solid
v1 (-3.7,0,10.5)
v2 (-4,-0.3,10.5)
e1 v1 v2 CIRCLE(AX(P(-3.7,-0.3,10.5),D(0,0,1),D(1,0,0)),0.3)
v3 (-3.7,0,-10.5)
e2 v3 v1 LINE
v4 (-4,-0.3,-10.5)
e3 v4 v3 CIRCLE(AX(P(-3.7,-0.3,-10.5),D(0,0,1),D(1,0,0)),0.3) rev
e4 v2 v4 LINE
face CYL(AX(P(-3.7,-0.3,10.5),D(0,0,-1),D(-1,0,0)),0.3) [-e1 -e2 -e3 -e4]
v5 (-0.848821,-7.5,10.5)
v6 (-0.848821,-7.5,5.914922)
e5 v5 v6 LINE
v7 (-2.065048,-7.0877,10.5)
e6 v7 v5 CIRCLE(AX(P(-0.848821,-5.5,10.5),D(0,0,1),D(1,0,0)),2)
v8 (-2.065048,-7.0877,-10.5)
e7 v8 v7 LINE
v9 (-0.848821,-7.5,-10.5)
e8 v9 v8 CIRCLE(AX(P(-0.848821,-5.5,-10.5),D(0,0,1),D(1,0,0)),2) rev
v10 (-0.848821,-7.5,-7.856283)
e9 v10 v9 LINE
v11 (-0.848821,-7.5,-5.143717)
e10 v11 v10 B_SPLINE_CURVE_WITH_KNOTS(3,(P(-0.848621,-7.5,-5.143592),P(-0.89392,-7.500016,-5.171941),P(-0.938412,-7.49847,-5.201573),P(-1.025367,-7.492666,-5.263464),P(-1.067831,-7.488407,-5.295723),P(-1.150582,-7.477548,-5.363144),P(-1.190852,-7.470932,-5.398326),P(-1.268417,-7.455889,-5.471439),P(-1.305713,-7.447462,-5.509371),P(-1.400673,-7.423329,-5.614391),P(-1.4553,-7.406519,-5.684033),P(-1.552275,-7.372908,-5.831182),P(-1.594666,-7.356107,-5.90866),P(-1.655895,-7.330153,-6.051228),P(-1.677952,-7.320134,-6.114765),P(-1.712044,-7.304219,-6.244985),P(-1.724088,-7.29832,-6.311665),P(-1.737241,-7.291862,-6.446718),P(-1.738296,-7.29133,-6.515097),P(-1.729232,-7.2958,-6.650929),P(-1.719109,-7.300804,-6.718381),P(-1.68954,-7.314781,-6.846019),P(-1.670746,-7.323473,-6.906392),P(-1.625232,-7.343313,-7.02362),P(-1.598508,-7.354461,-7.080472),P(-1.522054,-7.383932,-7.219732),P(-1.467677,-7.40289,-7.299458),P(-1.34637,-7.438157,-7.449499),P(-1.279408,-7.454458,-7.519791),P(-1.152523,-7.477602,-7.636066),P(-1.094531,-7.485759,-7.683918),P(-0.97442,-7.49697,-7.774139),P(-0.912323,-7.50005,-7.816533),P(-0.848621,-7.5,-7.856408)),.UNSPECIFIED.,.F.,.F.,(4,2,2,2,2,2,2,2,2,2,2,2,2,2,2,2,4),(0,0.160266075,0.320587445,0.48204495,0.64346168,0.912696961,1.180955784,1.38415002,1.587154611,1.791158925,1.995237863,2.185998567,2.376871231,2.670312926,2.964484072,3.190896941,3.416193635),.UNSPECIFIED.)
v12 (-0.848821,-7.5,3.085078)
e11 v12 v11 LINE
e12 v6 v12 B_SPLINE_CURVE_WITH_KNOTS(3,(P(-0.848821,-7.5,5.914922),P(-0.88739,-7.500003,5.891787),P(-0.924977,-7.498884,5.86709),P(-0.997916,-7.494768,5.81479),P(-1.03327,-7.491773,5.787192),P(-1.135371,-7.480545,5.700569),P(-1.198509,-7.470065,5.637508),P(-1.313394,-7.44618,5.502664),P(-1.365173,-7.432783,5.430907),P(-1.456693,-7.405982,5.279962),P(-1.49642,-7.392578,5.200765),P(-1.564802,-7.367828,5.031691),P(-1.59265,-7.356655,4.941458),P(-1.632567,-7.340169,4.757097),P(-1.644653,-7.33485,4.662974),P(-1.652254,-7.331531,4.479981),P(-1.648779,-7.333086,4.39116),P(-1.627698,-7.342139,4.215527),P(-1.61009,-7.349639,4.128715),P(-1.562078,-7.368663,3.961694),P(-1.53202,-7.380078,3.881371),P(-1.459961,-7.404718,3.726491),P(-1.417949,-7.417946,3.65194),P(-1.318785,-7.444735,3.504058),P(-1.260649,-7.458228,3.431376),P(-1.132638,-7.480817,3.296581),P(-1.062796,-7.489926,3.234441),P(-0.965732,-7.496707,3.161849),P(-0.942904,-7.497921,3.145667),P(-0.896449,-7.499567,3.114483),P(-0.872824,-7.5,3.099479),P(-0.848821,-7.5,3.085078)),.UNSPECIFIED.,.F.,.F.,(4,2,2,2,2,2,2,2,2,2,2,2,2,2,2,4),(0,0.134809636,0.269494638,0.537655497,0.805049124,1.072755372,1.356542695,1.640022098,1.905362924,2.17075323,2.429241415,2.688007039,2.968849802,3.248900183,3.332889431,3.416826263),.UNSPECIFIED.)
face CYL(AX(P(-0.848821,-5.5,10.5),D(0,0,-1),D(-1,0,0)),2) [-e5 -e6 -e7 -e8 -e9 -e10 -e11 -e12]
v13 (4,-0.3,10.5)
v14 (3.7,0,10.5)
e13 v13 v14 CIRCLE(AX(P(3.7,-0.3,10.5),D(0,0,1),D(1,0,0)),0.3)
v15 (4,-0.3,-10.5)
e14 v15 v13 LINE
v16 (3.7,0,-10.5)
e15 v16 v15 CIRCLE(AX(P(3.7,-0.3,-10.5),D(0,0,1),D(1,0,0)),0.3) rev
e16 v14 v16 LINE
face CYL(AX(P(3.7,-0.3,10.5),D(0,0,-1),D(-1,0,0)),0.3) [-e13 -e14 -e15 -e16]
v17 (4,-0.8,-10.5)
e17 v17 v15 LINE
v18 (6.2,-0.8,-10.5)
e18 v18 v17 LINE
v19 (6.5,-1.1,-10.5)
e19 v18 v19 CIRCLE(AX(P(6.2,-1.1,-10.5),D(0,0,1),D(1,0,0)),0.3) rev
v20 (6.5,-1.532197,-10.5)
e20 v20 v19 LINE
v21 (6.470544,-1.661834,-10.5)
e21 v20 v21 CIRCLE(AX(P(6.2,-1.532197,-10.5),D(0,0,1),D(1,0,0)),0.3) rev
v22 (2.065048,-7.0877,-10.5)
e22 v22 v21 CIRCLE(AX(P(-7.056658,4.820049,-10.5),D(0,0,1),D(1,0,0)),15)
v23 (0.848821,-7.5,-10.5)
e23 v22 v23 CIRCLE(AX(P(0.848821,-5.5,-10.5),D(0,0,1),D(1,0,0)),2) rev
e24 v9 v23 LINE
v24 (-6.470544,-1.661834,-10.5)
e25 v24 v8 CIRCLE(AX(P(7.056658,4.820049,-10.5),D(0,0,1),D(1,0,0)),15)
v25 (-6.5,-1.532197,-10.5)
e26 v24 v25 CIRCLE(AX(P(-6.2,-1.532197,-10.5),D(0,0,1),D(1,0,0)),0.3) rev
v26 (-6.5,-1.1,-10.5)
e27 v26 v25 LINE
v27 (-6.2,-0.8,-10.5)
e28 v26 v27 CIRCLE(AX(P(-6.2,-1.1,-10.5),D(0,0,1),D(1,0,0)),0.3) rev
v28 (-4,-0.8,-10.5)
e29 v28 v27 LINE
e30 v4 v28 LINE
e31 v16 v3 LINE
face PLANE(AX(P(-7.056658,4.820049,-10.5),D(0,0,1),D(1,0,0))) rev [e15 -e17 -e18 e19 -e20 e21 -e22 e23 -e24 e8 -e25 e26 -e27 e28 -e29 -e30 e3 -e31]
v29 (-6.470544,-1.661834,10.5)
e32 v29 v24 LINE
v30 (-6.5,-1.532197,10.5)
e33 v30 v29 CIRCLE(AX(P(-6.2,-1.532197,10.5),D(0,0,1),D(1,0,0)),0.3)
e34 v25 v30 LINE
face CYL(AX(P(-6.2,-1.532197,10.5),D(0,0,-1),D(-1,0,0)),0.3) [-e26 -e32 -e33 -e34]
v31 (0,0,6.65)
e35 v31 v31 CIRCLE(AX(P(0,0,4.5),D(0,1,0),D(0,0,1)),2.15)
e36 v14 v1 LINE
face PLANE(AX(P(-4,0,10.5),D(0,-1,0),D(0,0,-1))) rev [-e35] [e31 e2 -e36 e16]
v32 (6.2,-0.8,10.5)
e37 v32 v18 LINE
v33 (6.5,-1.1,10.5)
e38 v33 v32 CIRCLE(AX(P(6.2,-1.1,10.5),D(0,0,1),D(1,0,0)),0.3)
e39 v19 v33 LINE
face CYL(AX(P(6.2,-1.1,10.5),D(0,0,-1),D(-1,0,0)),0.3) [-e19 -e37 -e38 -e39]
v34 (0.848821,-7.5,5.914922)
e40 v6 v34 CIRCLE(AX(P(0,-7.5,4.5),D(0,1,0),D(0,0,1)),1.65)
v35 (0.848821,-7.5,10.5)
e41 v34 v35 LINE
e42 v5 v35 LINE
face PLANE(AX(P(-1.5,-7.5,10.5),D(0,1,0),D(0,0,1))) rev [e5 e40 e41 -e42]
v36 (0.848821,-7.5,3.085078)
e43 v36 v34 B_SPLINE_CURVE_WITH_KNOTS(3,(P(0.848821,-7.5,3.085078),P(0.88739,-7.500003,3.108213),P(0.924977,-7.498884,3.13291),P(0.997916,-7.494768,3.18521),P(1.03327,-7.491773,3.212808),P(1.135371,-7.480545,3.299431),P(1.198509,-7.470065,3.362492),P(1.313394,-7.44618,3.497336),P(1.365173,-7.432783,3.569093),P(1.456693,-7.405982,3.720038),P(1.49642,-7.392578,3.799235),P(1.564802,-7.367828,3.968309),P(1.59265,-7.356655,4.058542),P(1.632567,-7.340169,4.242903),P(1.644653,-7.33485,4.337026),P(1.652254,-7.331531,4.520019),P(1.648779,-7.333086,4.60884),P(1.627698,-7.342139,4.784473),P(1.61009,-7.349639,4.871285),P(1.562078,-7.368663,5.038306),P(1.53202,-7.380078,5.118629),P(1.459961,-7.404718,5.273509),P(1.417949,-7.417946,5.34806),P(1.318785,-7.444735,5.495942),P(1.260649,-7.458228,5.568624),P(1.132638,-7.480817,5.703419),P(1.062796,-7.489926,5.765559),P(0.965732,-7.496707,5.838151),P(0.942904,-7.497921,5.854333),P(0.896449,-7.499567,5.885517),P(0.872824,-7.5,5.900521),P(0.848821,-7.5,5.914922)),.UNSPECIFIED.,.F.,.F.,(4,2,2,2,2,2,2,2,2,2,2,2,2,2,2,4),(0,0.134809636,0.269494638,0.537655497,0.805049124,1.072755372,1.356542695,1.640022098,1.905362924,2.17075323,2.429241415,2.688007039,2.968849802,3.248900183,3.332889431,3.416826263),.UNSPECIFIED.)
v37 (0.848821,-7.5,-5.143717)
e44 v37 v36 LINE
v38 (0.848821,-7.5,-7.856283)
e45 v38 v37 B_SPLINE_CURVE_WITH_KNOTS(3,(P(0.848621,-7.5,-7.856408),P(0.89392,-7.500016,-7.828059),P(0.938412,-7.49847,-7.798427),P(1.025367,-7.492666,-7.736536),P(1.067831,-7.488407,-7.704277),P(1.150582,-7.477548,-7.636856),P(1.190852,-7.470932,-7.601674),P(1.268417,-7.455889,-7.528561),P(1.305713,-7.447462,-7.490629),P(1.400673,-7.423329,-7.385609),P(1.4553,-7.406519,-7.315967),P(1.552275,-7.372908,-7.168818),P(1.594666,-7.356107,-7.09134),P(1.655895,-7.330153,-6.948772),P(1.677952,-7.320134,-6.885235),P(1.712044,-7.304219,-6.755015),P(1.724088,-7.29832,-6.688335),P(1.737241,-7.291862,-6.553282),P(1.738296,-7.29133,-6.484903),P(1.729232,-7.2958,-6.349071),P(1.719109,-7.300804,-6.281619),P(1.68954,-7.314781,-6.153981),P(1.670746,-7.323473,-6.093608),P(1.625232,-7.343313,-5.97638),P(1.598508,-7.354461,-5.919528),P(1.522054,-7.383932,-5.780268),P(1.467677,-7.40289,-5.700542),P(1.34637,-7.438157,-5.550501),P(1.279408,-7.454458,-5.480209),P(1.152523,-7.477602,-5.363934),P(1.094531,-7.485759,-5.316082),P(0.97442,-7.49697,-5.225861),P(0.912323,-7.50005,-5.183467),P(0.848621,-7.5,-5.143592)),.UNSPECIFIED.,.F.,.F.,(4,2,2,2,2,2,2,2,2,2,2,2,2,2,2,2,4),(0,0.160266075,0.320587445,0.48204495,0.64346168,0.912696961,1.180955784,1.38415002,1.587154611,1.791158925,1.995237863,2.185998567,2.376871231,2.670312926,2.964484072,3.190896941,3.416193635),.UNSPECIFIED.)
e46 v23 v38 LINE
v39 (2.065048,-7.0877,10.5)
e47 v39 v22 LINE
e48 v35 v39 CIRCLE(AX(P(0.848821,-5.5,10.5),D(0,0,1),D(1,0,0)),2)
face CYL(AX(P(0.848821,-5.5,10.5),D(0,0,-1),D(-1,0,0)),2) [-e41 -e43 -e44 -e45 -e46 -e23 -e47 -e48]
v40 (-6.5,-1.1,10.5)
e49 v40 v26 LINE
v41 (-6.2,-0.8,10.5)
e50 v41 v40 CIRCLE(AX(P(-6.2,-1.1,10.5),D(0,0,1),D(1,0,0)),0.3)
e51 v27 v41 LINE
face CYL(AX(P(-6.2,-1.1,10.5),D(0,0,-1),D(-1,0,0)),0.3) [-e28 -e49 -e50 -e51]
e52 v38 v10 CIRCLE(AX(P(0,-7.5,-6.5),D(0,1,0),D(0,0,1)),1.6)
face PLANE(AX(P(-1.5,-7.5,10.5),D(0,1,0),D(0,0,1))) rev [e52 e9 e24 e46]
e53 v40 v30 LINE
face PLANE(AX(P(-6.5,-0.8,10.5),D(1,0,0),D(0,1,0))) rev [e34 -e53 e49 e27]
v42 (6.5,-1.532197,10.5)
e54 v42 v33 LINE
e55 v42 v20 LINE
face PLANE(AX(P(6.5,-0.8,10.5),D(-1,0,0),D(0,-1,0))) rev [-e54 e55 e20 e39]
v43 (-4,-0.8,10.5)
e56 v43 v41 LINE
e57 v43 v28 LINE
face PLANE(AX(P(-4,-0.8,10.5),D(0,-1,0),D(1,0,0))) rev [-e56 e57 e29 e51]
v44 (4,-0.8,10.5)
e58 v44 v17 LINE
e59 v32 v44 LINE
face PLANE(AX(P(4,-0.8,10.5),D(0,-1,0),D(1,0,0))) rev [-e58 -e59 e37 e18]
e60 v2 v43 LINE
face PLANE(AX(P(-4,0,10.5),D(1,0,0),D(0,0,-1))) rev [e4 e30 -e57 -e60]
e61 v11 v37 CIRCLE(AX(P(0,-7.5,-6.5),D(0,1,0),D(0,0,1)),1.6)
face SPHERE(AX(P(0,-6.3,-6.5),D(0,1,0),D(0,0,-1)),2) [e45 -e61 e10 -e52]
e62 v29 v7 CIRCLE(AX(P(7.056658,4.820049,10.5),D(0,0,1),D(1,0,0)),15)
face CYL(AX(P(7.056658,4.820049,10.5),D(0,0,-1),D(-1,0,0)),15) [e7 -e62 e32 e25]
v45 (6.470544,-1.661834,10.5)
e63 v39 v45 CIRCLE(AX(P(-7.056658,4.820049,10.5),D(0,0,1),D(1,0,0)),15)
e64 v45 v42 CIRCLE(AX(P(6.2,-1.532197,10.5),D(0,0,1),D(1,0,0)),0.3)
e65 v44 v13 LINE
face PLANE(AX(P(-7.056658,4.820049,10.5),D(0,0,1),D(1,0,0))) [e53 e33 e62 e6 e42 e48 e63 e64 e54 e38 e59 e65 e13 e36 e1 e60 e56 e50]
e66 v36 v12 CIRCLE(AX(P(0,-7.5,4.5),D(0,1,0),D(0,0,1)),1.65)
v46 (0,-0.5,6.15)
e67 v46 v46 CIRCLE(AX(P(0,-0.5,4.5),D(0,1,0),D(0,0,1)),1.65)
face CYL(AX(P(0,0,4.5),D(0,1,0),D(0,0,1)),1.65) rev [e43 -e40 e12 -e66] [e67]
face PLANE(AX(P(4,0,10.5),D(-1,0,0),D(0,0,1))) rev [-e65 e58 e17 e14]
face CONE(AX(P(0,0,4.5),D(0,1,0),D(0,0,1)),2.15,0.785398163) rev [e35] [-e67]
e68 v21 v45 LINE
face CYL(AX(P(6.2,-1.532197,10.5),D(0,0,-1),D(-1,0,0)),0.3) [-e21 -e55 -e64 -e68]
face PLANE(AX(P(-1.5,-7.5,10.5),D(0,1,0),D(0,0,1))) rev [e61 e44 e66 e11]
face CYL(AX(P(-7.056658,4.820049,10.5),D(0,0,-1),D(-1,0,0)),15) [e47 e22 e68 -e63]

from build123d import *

# Parameters (mm, degrees)
EXTRUDE_1_DEPTH             = 10.5
FILLET_1_R                  = 0.3
FILLET_2_R                  = 2
HOLE_WIZARD_M41_D           = 3.3
HOLE_WIZARD_M41_CSINK_D     = 4.3
HOLE_WIZARD_M41_CSINK_ANGLE = 90


with BuildPart() as part:
    # Эскиз1 → Бобышка-Вытянуть1 (new body, symmetric)
    with BuildSketch(Plane.XY):
        with BuildLine():
            Line((-4, 0), (4, 0))
            Line((4, 0), (4, -0.8))
            Line((4, -0.8), (6.5, -0.8))
            Line((6.5, -0.8), (6.5, -1.6))
            ThreePointArc((6.5, -1.6), (4.386776199, -4.87777644), (1.5, -7.5))
            Line((1.5, -7.5), (-1.5, -7.5))
            ThreePointArc((-1.5, -7.5), (-4.386776199, -4.87777644), (-6.5, -1.6))
            Line((-6.5, -1.6), (-6.5, -0.8))
            Line((-6.5, -0.8), (-4, -0.8))
            Line((-4, -0.8), (-4, 0))
        make_face()
    extrude(amount=EXTRUDE_1_DEPTH, both=True)

    # Скругление1
    fillet_1_edges = [part.edges().sort_by_distance(p)[0] for p in [
        (6.5, -0.8, 0),
        (6.5, -1.6, 0),
        (-6.5, -1.6, 0),
        (-6.5, -0.8, 0),
        (-4, 0, 0),
        (4, 0, 0),
    ]]
    fillet(fillet_1_edges, radius=FILLET_1_R)

    # Скругление2
    fillet_2_edges = [part.edges().sort_by_distance(p)[0] for p in [
        (1.5, -7.5, 0),
        (-1.5, -7.5, 0),
    ]]
    fillet(fillet_2_edges, radius=FILLET_2_R)

    # Отверстие обработанное метчиком M41 (through all)
    with Locations(Plane(origin=(0, 0, 0), x_dir=(1, 0, 0), z_dir=(0, 1, 0))):
        with Locations((0, -4.5)):
            CounterSinkHole(HOLE_WIZARD_M41_D / 2, HOLE_WIZARD_M41_CSINK_D / 2, counter_sink_angle=HOLE_WIZARD_M41_CSINK_ANGLE)

    # Эскиз5 → Повернуть1 (revolve)
    with BuildSketch(Plane(origin=(0, 0, 0), x_dir=(0, 0, -1), z_dir=(1, 0, 0))):
        with BuildLine():
            Line((6.5, -4.3), (6.5, -8.3))
            ThreePointArc((6.5, -8.3), (4.5, -6.3), (6.5, -4.3))
        make_face()
    revolve(axis=Axis((0, -4.3, -6.5), (0, -1, 0)))


solid = part.part
